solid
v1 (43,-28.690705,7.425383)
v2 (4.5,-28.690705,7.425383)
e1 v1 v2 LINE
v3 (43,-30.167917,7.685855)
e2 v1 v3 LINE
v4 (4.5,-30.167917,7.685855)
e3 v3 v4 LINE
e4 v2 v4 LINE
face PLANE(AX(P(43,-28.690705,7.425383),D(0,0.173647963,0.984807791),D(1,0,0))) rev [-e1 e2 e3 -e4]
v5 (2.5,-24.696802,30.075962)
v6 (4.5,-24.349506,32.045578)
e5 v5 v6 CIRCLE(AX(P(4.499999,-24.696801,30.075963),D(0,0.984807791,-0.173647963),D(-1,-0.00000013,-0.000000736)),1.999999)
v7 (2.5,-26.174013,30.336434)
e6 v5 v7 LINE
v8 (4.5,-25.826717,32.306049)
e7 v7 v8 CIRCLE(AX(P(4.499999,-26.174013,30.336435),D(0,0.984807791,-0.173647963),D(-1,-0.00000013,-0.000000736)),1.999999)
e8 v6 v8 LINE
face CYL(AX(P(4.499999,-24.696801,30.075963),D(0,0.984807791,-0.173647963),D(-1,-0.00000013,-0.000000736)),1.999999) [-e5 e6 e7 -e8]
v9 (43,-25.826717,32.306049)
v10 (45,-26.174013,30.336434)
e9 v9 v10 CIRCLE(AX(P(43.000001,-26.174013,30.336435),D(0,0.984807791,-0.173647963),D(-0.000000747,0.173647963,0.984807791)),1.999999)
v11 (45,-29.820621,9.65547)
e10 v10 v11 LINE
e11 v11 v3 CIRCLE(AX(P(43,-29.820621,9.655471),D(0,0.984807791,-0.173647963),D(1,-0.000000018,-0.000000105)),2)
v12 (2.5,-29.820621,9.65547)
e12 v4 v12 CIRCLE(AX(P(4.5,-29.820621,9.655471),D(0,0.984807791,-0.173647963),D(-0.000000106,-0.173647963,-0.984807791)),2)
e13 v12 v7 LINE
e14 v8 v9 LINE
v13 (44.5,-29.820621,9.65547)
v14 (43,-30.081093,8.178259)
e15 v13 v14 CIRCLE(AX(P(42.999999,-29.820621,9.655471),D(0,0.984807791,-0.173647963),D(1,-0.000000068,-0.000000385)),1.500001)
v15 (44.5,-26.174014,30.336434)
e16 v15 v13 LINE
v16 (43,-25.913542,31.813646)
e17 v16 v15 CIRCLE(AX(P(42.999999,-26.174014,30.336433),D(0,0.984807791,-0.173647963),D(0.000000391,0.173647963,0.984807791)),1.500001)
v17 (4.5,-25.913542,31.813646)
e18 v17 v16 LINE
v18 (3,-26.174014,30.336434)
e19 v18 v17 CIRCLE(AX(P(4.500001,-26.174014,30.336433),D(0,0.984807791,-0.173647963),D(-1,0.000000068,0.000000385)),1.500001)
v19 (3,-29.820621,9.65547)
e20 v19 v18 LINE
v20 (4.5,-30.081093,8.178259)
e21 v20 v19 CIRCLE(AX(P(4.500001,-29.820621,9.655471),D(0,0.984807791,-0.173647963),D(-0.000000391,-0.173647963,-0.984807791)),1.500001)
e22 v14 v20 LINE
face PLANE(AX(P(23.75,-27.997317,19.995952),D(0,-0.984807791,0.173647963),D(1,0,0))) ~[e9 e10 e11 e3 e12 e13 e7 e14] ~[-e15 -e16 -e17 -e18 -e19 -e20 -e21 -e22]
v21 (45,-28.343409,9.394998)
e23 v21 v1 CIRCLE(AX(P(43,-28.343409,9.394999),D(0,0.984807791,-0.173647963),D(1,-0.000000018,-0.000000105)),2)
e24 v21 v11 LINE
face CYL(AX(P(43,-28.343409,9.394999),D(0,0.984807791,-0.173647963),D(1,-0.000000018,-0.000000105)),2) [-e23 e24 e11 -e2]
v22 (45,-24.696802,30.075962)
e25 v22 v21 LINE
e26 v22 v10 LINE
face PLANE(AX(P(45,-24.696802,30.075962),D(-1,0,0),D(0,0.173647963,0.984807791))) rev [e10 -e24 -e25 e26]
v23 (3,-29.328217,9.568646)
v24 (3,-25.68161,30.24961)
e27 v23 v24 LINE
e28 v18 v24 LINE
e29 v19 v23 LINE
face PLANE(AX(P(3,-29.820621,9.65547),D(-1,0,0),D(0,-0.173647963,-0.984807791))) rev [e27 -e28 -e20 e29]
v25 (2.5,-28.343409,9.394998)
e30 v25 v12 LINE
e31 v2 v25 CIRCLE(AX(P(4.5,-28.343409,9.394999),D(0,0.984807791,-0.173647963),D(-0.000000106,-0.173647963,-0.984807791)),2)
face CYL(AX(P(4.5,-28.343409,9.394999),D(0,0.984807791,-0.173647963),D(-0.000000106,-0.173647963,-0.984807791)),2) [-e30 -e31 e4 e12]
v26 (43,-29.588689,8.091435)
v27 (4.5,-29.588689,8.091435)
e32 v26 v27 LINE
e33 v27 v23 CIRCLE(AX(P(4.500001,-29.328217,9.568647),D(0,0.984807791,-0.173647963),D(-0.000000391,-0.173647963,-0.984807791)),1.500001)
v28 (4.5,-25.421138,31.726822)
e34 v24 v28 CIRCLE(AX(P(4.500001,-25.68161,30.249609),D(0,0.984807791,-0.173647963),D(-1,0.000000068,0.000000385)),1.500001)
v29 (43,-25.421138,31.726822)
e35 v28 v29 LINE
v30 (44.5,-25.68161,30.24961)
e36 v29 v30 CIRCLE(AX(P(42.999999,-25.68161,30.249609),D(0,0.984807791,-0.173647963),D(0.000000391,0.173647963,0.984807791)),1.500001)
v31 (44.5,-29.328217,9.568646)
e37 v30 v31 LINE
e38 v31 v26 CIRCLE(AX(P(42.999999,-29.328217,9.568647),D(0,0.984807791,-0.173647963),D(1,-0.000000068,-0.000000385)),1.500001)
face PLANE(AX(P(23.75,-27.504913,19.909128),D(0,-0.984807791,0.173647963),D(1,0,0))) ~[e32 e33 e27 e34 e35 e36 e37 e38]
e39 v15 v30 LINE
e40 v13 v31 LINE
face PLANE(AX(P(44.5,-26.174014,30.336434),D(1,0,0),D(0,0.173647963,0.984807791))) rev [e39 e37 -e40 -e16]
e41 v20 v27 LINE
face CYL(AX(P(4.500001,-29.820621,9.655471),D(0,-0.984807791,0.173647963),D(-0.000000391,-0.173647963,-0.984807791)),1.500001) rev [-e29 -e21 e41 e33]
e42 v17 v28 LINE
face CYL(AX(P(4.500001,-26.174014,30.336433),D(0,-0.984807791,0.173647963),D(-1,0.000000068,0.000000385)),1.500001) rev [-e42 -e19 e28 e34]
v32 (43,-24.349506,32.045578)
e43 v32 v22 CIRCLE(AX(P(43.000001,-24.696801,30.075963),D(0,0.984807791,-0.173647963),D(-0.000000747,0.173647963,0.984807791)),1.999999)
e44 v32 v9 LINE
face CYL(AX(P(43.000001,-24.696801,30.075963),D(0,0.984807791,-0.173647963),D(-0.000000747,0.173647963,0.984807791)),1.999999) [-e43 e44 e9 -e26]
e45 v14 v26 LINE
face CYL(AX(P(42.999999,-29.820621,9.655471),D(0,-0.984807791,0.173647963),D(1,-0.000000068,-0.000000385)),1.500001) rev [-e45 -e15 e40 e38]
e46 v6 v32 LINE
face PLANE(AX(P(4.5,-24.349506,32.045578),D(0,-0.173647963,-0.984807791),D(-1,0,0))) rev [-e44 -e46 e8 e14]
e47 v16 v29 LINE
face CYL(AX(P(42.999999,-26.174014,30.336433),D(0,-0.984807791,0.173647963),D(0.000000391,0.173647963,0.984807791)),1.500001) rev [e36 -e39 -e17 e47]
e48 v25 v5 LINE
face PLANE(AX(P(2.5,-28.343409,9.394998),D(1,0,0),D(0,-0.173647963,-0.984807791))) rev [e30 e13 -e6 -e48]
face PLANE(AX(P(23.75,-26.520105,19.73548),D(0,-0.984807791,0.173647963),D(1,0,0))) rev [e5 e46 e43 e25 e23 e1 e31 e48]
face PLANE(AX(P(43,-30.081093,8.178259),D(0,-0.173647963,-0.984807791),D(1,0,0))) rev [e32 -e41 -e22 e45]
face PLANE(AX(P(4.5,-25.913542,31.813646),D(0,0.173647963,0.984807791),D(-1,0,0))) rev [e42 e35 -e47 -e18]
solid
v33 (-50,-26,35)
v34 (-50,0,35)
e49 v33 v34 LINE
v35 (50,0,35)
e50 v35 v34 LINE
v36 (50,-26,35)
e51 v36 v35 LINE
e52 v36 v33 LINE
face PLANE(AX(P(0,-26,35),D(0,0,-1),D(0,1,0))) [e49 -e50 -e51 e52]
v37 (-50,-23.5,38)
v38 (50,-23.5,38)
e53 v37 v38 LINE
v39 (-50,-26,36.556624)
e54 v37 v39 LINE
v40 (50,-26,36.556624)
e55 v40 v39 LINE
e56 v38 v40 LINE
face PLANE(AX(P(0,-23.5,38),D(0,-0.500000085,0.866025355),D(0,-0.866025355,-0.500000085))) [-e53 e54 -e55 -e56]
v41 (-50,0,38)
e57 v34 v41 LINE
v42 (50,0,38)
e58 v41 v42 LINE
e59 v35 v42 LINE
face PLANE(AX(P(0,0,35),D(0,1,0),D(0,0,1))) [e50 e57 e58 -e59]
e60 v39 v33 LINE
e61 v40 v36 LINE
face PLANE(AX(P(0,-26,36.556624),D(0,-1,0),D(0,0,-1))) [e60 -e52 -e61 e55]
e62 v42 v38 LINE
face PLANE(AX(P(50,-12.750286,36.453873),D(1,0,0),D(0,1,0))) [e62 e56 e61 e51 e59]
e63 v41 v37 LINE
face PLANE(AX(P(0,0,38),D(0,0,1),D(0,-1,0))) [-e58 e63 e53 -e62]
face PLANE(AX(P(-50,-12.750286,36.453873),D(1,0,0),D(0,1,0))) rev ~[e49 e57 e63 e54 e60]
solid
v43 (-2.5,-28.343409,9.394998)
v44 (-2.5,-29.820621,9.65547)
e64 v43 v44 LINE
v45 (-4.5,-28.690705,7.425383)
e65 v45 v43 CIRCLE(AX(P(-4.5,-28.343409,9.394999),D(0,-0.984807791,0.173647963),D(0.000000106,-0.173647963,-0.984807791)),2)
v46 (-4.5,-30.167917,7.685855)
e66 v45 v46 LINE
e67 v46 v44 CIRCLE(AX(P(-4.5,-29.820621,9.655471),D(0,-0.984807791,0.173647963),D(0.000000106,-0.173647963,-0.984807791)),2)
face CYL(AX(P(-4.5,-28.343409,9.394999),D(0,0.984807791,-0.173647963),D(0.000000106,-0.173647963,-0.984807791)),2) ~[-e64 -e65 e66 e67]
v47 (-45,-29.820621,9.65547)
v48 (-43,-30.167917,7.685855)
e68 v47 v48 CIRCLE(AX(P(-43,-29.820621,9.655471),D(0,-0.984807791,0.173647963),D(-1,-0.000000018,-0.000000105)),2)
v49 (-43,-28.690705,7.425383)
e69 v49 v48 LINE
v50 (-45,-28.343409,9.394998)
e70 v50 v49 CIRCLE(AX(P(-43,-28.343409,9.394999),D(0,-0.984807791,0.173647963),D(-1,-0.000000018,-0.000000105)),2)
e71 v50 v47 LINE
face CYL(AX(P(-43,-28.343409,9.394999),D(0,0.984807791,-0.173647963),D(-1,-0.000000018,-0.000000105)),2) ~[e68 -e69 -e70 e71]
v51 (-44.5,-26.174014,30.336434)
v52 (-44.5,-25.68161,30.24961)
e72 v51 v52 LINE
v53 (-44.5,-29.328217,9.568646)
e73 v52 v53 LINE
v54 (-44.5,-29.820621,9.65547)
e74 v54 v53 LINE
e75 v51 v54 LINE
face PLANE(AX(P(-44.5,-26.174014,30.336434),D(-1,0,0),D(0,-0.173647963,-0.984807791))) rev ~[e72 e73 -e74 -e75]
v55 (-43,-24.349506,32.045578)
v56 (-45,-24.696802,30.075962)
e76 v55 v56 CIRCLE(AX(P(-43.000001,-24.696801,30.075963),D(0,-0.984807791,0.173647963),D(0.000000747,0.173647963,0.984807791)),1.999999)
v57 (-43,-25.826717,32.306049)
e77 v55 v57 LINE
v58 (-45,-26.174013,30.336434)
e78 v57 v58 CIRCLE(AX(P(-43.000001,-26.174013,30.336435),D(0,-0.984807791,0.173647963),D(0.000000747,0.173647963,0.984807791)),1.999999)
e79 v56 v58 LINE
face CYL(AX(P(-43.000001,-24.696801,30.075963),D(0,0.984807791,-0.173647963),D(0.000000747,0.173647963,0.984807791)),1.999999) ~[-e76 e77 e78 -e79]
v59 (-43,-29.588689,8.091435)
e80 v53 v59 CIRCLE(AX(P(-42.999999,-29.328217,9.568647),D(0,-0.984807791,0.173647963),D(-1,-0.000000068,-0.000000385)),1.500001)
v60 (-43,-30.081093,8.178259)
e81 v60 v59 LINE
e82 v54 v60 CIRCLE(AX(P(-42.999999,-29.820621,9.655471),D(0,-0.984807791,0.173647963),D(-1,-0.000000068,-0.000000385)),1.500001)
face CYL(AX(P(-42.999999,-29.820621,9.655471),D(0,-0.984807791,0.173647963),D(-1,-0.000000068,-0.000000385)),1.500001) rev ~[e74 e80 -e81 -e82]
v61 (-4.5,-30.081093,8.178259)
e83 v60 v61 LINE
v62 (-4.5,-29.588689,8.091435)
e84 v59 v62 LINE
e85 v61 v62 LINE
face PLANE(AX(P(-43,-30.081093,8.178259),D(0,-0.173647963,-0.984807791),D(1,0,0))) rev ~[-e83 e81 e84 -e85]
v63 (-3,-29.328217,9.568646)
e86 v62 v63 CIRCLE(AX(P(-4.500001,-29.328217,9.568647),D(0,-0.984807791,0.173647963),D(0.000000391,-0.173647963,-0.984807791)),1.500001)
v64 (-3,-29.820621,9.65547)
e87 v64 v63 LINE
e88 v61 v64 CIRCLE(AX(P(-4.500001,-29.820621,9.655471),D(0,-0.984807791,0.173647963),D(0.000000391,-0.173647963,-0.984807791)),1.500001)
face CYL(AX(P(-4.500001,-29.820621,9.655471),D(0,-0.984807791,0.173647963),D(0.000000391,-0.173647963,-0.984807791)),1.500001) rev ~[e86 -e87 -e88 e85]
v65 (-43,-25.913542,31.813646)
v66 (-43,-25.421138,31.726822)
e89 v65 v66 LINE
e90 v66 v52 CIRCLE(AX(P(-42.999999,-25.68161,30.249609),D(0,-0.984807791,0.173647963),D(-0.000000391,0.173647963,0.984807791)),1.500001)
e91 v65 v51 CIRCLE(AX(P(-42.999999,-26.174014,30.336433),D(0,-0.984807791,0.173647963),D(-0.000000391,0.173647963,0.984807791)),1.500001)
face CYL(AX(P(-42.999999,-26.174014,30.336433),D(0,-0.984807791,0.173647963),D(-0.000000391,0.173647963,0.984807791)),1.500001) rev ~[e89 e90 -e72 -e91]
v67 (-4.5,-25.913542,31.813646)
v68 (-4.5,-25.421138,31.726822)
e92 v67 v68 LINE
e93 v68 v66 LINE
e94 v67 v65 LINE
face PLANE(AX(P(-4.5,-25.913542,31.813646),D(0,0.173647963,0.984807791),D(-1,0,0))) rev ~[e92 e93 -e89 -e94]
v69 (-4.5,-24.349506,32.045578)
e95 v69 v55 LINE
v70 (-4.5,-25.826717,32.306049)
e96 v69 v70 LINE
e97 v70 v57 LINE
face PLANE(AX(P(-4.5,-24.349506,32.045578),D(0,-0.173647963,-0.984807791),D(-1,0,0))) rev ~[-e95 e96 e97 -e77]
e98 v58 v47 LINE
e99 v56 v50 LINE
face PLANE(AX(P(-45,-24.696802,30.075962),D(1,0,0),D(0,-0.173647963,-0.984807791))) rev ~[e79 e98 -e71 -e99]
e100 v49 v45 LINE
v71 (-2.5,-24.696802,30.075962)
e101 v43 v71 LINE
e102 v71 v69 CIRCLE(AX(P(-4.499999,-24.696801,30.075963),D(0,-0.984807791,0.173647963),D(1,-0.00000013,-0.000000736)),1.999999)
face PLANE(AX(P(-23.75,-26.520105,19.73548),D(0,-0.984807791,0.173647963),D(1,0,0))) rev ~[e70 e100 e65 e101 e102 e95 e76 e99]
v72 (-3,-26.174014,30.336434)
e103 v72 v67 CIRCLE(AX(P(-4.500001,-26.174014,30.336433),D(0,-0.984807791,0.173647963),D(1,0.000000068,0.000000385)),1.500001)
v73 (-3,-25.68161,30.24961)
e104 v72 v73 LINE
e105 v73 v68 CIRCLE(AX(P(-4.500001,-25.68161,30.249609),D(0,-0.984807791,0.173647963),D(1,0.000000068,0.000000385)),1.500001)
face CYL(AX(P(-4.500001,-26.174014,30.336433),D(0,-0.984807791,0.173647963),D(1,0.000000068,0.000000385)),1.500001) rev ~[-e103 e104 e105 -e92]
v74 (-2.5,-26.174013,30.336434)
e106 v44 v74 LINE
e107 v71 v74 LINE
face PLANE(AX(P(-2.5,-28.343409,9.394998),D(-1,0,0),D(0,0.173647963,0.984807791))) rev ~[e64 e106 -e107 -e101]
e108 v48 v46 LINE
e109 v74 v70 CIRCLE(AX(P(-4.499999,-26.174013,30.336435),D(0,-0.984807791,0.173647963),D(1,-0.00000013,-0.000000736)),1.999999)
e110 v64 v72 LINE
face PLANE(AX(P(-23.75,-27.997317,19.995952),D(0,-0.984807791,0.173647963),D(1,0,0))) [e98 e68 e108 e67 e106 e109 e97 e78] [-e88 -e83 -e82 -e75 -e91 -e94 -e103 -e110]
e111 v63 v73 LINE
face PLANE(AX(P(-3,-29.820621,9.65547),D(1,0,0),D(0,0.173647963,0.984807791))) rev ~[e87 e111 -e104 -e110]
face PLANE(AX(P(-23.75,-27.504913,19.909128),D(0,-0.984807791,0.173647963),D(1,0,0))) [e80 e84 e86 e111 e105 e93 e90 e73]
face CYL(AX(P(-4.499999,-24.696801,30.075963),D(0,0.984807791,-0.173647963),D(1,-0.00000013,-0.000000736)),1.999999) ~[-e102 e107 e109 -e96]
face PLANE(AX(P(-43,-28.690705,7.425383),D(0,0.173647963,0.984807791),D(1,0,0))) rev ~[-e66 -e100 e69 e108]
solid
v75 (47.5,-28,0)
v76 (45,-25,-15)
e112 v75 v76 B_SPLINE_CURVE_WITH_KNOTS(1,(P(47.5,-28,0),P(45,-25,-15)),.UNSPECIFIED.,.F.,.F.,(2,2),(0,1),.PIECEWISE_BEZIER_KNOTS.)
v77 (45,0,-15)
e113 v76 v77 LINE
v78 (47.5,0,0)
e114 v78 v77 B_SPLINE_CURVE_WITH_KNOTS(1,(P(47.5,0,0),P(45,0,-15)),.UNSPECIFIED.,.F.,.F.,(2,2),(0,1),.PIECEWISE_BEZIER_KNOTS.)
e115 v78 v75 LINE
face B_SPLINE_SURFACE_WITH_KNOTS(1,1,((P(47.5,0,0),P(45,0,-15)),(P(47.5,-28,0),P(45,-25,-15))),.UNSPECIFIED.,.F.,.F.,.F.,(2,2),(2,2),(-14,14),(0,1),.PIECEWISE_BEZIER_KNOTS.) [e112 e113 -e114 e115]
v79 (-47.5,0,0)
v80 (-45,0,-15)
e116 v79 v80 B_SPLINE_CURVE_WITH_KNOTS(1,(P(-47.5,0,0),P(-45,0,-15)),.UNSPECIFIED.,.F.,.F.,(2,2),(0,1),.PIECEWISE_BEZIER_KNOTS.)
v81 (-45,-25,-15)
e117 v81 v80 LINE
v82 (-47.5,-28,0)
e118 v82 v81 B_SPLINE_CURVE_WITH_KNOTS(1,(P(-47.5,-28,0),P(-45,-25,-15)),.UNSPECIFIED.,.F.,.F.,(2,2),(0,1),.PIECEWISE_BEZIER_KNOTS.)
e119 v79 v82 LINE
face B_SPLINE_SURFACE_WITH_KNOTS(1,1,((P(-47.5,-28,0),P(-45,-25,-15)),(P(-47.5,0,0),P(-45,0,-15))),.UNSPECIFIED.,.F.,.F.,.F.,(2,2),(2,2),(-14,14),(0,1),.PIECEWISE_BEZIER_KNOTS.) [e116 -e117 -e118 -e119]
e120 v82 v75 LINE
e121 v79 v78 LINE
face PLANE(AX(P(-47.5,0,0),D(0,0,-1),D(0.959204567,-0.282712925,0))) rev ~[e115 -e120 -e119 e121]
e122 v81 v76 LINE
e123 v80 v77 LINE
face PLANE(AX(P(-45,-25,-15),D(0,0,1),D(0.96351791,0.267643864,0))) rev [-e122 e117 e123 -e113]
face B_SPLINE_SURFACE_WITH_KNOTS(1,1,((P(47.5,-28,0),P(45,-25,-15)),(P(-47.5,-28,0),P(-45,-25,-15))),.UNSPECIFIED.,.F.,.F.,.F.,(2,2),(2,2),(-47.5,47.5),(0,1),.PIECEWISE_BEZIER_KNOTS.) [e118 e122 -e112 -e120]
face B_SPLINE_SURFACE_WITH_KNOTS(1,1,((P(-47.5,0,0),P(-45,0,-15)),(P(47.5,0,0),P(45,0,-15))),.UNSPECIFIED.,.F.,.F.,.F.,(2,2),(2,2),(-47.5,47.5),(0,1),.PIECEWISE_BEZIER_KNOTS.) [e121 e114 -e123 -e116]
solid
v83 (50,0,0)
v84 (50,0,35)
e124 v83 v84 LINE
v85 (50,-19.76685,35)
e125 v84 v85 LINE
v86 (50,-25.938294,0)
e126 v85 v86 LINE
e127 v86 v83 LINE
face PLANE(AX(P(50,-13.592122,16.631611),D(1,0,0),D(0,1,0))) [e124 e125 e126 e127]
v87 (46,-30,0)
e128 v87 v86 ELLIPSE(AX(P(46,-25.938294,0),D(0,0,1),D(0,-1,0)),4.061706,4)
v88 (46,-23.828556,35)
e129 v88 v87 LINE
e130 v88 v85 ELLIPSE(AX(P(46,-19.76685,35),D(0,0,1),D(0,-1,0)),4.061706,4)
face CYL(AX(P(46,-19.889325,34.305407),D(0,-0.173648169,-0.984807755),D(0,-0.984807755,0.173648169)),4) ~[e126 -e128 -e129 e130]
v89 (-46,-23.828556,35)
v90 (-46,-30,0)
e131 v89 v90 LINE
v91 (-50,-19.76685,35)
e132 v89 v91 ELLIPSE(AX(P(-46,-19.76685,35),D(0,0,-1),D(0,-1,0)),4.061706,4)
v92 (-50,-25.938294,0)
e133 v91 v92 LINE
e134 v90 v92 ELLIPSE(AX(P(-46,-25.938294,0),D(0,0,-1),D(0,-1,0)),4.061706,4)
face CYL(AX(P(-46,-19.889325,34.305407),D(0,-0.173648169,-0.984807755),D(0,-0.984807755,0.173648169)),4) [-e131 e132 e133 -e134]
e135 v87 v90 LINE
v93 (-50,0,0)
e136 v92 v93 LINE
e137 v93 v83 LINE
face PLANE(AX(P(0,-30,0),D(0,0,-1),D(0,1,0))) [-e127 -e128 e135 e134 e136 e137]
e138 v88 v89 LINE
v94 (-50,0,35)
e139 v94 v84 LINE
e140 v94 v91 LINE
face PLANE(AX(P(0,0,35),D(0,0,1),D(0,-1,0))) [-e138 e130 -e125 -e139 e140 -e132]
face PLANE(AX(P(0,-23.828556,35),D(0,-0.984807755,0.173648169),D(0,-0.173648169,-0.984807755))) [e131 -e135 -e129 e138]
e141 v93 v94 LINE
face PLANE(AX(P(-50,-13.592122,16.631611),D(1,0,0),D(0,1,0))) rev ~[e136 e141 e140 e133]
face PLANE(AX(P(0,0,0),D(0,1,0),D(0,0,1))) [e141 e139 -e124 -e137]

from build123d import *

# Parameters (mm, degrees)
F1_DEPTH  = 50
F3_DEPTH  = 50
F4_W      = 95
F4_H      = 28
F6_W      = 90
F6_H      = 25
F9_DEPTH  = 1.5
F11_DEPTH = 0.5
F13_R     = 4


with BuildPart() as f1:
    # F0 (on Right) → F1 (new body, symmetric)
    with BuildSketch(Plane.YZ):
        Polygon((-30, 0), (0, 0), (0, 35), (-23.828556, 35), align=None)
    extrude(amount=F1_DEPTH, both=True)

    # F13
    f13_edges = [f1.edges().sort_by_distance(p)[0] for p in [
        (-50, -26.914278, 17.5),
        (50, -26.914278, 17.5),
    ]]
    fillet(f13_edges, radius=F13_R)


with BuildPart() as f3:
    # F2 (on Right) → F3 (new body, symmetric)
    with BuildSketch(Plane.YZ):
        Polygon((0, 35), (0, 38), (-23.5, 38), (-26, 36.556624), (-26, 35), align=None)
    extrude(amount=F3_DEPTH, both=True)


with BuildPart() as f7:
    # F4 (on face) → F7 section 0
    with BuildSketch(Plane(origin=(0, 0, 0), x_dir=(1, 0, 0), z_dir=(0, 0, -1))):
        with Locations((0, 14)):
            Rectangle(F4_W, F4_H)
    # F6 (on offset) → F7 section 1
    with BuildSketch(Plane.XY.offset(-15)):
        with Locations((0, -12.5)):
            Rectangle(F6_W, F6_H)
    loft()


with BuildPart() as f9:
    # F8 (on face) → F9 (new body)
    with BuildSketch(Plane(origin=(0, -29.095389, 5.130302), x_dir=(1, 0, 0), z_dir=(0, -0.984808, 0.173648))):
        with BuildLine():
            Line((-4.5, 27.330486), (-43, 27.330486))
            ThreePointArc((-43, 27.330486), (-44.414214, 26.7447), (-45, 25.330486))
            Line((-45, 25.330486), (-45, 4.330486))
            ThreePointArc((-45, 4.330486), (-44.414214, 2.916273), (-43, 2.330486))
            Line((-43, 2.330486), (-4.5, 2.330486))
            ThreePointArc((-4.5, 2.330486), (-3.085786, 2.916273), (-2.5, 4.330486))
            Line((-2.5, 4.330486), (-2.5, 25.330486))
            ThreePointArc((-2.5, 25.330486), (-3.085786, 26.7447), (-4.5, 27.330486))
        make_face()
    extrude(amount=F9_DEPTH)

    # F10 (on face) → F11 (cut)
    with BuildSketch(Plane(origin=(0, -30.572601, 5.390774), x_dir=(1, 0, 0), z_dir=(0, -0.984808, 0.173648))):
        with BuildLine():
            ThreePointArc((-43, 26.830486), (-44.06066, 26.391146), (-44.5, 25.330486))
            Line((-44.5, 25.330486), (-44.5, 4.330486))
            ThreePointArc((-44.5, 4.330486), (-44.06066, 3.269826), (-43, 2.830486))
            Line((-43, 2.830486), (-4.5, 2.830486))
            ThreePointArc((-4.5, 2.830486), (-3.43934, 3.269826), (-3, 4.330486))
            Line((-3, 4.330486), (-3, 25.330486))
            ThreePointArc((-3, 25.330486), (-3.43934, 26.391146), (-4.5, 26.830486))
            Line((-4.5, 26.830486), (-43, 26.830486))
        make_face()
    extrude(amount=-F11_DEPTH, mode=Mode.SUBTRACT)


with BuildPart() as f12_1:
    # F12: instance of F9
    add(f9.part.mirror(Plane.YZ))


solid = Compound([f1.part, f3.part, f7.part, f9.part, f12_1.part])
